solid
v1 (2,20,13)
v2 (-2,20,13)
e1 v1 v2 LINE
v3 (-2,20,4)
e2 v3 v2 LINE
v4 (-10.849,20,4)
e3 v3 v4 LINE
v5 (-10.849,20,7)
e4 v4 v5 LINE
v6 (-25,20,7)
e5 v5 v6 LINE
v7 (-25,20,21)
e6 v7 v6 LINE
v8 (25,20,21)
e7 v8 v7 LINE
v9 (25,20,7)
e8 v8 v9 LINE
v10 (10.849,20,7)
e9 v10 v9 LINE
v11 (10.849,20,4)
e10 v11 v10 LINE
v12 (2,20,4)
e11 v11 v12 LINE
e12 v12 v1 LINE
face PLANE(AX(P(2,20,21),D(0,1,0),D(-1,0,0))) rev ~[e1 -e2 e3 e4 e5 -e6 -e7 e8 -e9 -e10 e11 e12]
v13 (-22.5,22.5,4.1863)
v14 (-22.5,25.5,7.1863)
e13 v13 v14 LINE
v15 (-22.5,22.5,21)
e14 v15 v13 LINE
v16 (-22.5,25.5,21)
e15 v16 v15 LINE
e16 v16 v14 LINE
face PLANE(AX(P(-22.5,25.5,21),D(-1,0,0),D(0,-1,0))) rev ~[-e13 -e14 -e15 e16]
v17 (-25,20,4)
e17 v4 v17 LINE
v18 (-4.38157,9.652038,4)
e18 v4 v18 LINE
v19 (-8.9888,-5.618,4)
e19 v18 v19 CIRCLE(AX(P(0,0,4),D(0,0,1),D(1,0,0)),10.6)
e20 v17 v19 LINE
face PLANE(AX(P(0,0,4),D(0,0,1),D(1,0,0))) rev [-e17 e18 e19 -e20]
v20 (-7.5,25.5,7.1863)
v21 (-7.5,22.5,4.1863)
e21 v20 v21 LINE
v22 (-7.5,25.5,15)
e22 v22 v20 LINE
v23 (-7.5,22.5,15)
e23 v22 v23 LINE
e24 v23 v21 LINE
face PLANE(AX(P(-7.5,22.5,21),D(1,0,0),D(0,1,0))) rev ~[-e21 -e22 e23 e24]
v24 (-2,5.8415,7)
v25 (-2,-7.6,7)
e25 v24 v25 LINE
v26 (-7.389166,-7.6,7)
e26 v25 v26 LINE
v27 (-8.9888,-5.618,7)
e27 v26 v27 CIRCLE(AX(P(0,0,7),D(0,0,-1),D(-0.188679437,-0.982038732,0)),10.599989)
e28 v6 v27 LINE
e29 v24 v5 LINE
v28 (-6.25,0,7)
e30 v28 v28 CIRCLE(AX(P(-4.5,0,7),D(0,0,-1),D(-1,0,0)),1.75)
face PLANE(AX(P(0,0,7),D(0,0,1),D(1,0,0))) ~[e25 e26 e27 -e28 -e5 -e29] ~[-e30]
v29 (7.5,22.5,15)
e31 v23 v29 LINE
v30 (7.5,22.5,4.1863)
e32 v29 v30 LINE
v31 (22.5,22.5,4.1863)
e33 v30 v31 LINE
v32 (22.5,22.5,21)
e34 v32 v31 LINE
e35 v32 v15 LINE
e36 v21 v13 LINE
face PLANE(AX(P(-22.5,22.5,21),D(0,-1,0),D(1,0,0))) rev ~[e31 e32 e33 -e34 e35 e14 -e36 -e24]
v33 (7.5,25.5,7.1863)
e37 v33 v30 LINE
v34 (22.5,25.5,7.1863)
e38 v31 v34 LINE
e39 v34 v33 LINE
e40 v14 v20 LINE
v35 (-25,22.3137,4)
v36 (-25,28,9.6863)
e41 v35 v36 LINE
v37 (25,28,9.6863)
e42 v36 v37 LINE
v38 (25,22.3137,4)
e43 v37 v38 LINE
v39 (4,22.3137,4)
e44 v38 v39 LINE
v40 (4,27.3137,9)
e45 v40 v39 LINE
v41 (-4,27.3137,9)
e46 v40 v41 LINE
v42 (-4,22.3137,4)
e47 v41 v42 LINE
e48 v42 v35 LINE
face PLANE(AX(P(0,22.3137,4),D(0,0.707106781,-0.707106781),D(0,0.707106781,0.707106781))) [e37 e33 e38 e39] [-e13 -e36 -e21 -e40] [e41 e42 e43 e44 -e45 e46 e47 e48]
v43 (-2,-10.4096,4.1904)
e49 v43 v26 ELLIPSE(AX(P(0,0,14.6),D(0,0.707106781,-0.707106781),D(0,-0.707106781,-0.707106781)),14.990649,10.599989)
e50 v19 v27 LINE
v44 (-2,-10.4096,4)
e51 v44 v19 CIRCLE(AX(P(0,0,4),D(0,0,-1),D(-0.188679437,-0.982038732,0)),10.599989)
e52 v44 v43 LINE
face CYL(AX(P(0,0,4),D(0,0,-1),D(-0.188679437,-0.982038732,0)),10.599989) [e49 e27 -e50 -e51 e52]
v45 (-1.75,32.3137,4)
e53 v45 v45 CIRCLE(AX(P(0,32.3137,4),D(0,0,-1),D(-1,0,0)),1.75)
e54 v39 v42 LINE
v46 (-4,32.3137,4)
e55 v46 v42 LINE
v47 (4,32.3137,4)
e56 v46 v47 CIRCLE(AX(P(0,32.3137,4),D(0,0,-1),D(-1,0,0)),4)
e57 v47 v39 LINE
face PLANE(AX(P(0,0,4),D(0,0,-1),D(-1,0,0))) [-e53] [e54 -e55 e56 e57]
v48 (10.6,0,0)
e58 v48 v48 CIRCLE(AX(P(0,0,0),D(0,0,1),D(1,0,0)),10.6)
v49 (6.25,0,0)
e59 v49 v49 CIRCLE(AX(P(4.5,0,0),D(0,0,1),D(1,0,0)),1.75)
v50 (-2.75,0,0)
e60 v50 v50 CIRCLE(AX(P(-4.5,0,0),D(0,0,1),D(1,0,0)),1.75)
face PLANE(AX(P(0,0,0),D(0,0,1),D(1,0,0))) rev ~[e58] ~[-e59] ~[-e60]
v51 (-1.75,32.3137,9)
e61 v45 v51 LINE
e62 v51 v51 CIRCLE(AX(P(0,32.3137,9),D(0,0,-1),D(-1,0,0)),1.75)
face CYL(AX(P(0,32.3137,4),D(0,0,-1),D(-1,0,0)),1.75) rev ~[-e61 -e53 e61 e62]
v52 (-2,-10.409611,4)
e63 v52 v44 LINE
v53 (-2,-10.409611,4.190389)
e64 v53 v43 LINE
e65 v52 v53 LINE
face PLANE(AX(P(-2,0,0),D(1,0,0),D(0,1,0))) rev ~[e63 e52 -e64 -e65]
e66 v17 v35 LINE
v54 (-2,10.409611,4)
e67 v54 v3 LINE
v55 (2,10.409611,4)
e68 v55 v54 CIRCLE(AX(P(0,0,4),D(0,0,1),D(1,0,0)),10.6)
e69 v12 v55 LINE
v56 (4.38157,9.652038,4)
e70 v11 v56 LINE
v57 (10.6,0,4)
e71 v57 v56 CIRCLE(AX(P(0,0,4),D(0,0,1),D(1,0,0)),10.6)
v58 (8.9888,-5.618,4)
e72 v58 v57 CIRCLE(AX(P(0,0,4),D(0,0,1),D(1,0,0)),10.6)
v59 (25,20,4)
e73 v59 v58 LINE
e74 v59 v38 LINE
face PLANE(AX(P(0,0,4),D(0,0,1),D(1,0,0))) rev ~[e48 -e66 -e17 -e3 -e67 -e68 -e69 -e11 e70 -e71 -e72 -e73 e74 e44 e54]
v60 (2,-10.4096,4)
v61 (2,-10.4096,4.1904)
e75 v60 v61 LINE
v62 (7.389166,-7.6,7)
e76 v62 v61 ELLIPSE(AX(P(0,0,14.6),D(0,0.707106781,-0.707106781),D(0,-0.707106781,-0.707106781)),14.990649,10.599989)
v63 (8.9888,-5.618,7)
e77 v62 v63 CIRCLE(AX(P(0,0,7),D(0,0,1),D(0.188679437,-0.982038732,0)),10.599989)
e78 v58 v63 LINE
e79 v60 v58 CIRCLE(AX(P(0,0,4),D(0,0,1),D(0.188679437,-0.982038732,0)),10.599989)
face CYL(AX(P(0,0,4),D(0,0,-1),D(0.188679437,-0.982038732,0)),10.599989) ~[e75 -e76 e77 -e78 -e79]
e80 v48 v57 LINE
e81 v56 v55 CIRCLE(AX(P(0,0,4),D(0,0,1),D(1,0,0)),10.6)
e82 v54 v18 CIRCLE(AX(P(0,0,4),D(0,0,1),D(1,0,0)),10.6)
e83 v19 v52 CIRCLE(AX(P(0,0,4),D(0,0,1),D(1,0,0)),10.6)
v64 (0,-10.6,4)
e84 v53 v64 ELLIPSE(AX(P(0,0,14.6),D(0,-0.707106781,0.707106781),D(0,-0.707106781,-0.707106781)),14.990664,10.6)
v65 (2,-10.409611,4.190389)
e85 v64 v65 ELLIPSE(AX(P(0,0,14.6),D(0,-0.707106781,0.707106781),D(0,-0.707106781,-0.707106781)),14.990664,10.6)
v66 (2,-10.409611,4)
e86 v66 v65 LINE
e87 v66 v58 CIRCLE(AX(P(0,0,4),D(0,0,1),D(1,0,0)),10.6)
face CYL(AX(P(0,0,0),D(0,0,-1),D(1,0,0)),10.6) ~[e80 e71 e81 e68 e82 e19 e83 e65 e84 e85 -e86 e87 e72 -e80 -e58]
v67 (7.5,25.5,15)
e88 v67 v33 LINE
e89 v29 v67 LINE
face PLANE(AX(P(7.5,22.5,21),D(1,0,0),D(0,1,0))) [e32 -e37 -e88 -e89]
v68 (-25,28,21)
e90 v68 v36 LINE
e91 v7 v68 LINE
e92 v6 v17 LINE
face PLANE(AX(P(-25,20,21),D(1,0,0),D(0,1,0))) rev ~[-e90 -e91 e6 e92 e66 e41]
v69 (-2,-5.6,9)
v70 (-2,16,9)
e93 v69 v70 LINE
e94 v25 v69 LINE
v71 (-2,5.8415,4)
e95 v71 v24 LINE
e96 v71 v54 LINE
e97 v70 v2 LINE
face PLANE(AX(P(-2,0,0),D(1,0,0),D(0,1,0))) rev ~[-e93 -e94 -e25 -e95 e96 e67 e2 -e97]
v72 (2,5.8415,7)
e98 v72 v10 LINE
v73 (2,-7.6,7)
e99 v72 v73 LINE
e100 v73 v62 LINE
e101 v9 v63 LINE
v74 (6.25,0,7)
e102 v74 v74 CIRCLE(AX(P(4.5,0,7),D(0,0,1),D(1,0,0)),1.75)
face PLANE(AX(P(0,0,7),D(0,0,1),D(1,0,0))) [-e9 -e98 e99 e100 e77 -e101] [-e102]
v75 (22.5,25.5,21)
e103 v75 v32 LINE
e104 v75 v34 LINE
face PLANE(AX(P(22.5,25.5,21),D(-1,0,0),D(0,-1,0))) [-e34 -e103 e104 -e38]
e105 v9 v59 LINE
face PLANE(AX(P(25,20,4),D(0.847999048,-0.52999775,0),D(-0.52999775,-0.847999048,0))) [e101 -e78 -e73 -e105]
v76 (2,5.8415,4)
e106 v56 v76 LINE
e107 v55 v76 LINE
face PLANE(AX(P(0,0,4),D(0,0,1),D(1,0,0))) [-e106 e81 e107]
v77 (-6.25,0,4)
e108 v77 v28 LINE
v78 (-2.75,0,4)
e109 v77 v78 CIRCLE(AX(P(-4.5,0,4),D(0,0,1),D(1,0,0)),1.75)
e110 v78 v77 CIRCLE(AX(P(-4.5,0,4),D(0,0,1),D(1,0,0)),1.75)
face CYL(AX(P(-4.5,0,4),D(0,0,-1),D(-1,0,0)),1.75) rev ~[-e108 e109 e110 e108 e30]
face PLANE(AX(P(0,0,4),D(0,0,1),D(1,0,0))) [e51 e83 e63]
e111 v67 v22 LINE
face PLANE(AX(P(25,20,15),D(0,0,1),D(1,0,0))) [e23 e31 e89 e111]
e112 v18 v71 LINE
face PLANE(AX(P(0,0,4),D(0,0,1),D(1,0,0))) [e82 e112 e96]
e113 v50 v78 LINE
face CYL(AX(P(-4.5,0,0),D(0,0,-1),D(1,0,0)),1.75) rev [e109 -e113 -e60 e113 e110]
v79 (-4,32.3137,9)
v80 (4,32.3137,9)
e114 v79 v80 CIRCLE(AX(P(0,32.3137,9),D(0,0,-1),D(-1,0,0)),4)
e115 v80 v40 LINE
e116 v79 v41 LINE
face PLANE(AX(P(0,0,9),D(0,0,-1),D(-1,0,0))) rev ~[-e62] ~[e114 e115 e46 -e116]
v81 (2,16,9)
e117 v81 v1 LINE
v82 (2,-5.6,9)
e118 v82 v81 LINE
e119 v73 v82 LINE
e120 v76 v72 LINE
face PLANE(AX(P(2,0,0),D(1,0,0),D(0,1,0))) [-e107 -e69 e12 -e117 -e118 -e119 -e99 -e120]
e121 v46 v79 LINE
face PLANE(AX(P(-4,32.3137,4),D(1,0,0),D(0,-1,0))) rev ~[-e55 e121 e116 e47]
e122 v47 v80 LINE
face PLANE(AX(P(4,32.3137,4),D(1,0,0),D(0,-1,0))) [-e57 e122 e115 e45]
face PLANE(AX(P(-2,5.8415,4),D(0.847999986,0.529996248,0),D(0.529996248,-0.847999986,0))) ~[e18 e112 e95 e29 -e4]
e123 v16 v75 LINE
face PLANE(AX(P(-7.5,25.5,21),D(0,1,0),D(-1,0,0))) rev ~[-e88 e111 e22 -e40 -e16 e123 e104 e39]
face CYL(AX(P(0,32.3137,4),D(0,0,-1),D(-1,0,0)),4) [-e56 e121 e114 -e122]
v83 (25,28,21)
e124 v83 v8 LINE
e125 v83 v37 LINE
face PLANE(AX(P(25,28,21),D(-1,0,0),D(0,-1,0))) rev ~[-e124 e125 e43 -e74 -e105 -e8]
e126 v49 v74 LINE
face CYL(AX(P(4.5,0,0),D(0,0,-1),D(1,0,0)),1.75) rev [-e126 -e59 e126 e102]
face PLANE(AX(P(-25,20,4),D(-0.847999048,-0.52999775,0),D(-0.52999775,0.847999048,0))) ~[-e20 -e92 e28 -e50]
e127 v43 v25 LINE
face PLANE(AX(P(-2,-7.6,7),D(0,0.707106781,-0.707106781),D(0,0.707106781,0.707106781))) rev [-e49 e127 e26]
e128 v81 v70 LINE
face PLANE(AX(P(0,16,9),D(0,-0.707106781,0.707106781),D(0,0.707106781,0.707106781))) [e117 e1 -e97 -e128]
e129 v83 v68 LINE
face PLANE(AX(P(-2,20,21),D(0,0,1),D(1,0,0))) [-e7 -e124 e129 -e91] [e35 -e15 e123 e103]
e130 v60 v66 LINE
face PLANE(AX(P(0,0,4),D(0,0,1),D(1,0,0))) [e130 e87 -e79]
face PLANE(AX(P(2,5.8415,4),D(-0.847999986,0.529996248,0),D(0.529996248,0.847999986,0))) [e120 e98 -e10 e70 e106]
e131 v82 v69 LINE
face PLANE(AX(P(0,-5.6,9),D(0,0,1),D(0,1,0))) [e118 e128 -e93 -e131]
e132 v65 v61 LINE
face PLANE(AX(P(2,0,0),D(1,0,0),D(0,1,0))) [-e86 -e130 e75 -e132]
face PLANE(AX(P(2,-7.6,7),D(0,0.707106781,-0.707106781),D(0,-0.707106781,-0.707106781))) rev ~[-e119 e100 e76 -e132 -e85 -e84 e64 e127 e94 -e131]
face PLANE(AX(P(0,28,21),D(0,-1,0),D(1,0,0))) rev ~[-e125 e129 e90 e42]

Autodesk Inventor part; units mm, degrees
ref_plane "YZ Plane" through (0, 0, 0) normal (1, 0, 0) x (0, 1, 0)
ref_plane "XZ Plane" through (0, 0, 0) normal (0, 1, 0) x (-1, 0, 0)
ref_plane "XY Plane" through (0, 0, 0) normal (0, 0, 1) x (1, 0, 0)
sketch "Sketch1" plane through (0, 0, 0) normal (0, 0, 1) x (1, 0, 0)
  circle A0 centre (4.5, 0) radius 2.2 projected
  circle A1 centre (-4.5, 0) radius 2.2 projected
  circle A2 centre (0, 0) radius 10.6 projected
  circle A3 centre (4.5, 0) radius 1.75
  circle A4 centre (-4.5, 0) radius 1.75
  point P0 (0, 0)
  dimension "d0" = 3.5
  dimension "d1" = 3.5
extrude "Extrusion1" add sketch "Sketch1" along normal blind 4 contours A0 | A1 | A2
sketch "Sketch2" plane through (0, 0, 0) normal (1, 0, 0) x (0, 1, 0)
  line L0 (10.6, 4) -> (-10.6, 4) projected
  line L1 (-10.6, 4) -> (-5.6, 9)
  line L2 (-5.6, 9) -> (16, 9)
  line L3 (16, 9) -> (20, 13)
  line L4 (20, 13) -> (20, 21)
  line L5 (20, 21) -> (28, 21)
  line L6 (28, 21) -> (28, 4)
  line L7 (28, 4) -> (10.6, 4)
  line L8 (28, 9.6863) -> (22.3137, 4)
  line L9 (28, 9.6863) -> (36.0416, 9.6863) construction
  point P0 (0, 0)
  point P1 (0, 4)
  dimension "d4" = 135
  dimension "d5" = 5
  dimension "d6" = 45
  dimension "d7" = 8
  dimension "d8" = 8
  dimension "d9" = 4
  dimension "d10" = 8
  dimension "d11" = 20
extrude "Extrusion2" add sketch "Sketch2" along normal mid plane 4 contours L0 L1 L2 L3 L4 L5 L6 L8 L7
sketch "Sketch3" plane through (2, -10.6, 4) normal (0, 0, -1) x (-1, 0, 0)
  circle A0 centre (2, 10.6) radius 10.6 projected
  line L0 (4, 0) -> (2, 0) projected
  line L1 (2, 0) -> (0, 0) projected
  line L2 (0, 5) -> (0, 0) projected
  line L3 (4, 5) -> (0, 5) projected
  line L4 (4, 0) -> (4, 5) projected
  point P0 (2, 10.6)
  point P1 (0, 0.1904)
  point P2 (4, 0.1904)
extrude "Extrusion3" cut sketch "Sketch3" against normal through all contours A0 L1 L2 | L4 L0 A0
sketch "Sketch4" plane through (-2, 20, 21) normal (0, 0, 1) x (1, 0, 0)
  line L0 (4, 0) -> (0, 0) projected
  line L1 (4, 8) -> (4, 0) construction
  line L2 (0, 8) -> (4, 8) projected
  line L3 (0, 0) -> (0, 8) construction
  line L4 (0, 8) -> (4, 8) projected
  line L5 (2, 8) -> (2, 0)
  line L6 (0, 0) -> (4, 0) projected
  line L7 (-23, 8) -> (27, 8)
  line L8 (27, 8) -> (27, 0)
  line L9 (27, 0) -> (-23, 0)
  line L10 (-23, 0) -> (-23, 8)
  line L11 (-23, 8) -> (27, 0) construction
  line L12 (27, 8) -> (-23, 0) construction
  point P0 (2, -20)
  point P1 (2, 4)
  dimension "d16" = 50
extrude "Extrusion4" add sketch "Sketch4" against normal up to surface surface through (0, 22.3137, 4) normal (0, 0.7071, -0.7071)
sketch "Sketch5" plane through (25, 20, 21) normal (1, 0, 0) x (0, 0, -1)
  line L0 (17, -9.5904) -> (17, 0) projected
  line L1 (19.3137, 0) -> (11.3137, 8) projected
  line L2 (0, 8) -> (11.3137, 8) projected
  line L3 (0, 0) -> (0, 8) projected
  line L4 (0, 0) -> (19.3137, 0) projected
  line L5 (17, 0) -> (17, 2.3137)
  line L6 (11.3137, 8) -> (19.3137, 0) projected
  point P0 (21, -20)
extrude "Extrusion5" cut sketch "Sketch5" against normal through all contours L4 L5 L1
sketch "Sketch6" plane through (25, 20, 21) normal (0, 0, 1) x (1, 0, 0)
  line L0 (0, 0) -> (-50, 0) projected
  line L1 (0, 0) -> (0, 8) projected
  line L2 (-50, 8) -> (0, 8) projected
  line L3 (-50, 8) -> (-50, 0) projected
  line L4 (0, 0) -> (0, 8) projected
  line L5 (0, 4) -> (-50, 4) construction
  line L6 (-50, 8) -> (-50, 0) projected
  line L7 (-50, 8) -> (0, 8) projected
  line L8 (-25, 8) -> (-25, 0) construction
  line L9 (-27, 0) -> (-23, 0) projected
  line L10 (-17.5, 5.5) -> (-2.5, 5.5)
  line L11 (-2.5, 5.5) -> (-2.5, 2.5)
  line L12 (-2.5, 2.5) -> (-17.5, 2.5)
  line L13 (-17.5, 2.5) -> (-17.5, 5.5)
  line L14 (-17.5, 5.5) -> (-2.5, 2.5) construction
  line L15 (-2.5, 5.5) -> (-17.5, 2.5) construction
  line L16 (-32.5, 5.5) -> (-47.5, 5.5)
  line L17 (-47.5, 5.5) -> (-47.5, 2.5)
  line L18 (-47.5, 2.5) -> (-32.5, 2.5)
  line L19 (-32.5, 2.5) -> (-32.5, 5.5)
  point P0 (-25, -20)
  point P1 (-10, 4)
  dimension "d21" = 15
  dimension "d22" = 3
  dimension "d23" = 2.5
extrude "Extrusion6" cut sketch "Sketch6" against normal through all contours L10 L11 L12 L13 | L19 L18 L17 L16
sketch "Sketch7" plane through (25, 20, 21) normal (0, 0, 1) x (1, 0, 0)
  line L0 (-17.5, 2.5) -> (-17.5, 5.5) projected
  line L1 (-32.5, 5.5) -> (-32.5, 2.5) projected
  line L2 (-17.5, 5.5) -> (-32.5, 5.5)
  line L3 (-32.5, 5.5) -> (-32.5, 2.5)
  line L4 (-32.5, 2.5) -> (-17.5, 2.5)
  line L5 (-17.5, 2.5) -> (-17.5, 5.5)
  point P0 (-25, -20)
extrude "Extrusion7" cut sketch "Sketch7" against normal blind 6
sketch "Sketch8" plane through (0, 0, 4) normal (0, 0, 1) x (1, 0, 0)
  circle A0 centre (4.5, 0) radius 1.75 projected
  line L0 (2, 10.4096) -> (2, -10.4096) projected
  line L1 (2, 20) -> (25, 20) projected
  line L2 (25, 20) -> (8.9888, -5.618)
  arc A1 (2, -10.4096) -> (2, 10.4096) centre (0, 0) ccw projected
  line L3 (2, 5.8415) -> (10.849, 20)
  arc A2 (-2, -10.4096) -> (2, -10.4096) centre (0, 0) ccw projected
  line L4 (0, -10.6) -> (0, 30.6147)
  line L5 (-25, 20) -> (-8.9888, -5.618)
  line L6 (-2, 5.8415) -> (-10.849, 20)
  arc A3 (-2, 10.4096) -> (-2, -10.4096) centre (0, 0) ccw projected
  line L7 (-13.7579, -10.035) -> (-3.7579, -10.035) projected
  line L8 (-25, 20) -> (-2, 20) projected
  point P0 (0, 0)
  dimension "d29" = 12
extrude "Extrusion8" add sketch "Sketch8" along normal blind 3 contours L3 A1 L0 | L3 L1 L2 A1 picked at (5.0326, 4.687)
sketch "Sketch9" plane through (2, -10.4096, 7) normal (-1, 0, 0) x (0, 0, 1)
  line L0 (0, 2.8096) -> (-2.8096, 0) projected
  line L1 (-2.8096, 0) -> (0, 0) projected
  line L2 (0, 2.8096) -> (0, 0) projected
  point P0 (-7, 10.4096)
extrude "Extrusion9" cut sketch "Sketch9" against normal through all
mirror "Mirror1" about plane through (0, 0, 0) normal (1, 0, 0) of "Extrusion8", "Extrusion9"
sketch "Sketch10" plane through (0, 0, 4) normal (0, 0, -1) x (-1, 0, 0)
  circle A0 centre (0, 32.3137) radius 1.75
  circle A1 centre (0, 32.3137) radius 4
  line L0 (-4, 32.3137) -> (-4, 22.3137)
  line L1 (-25, 22.3137) -> (25, 22.3137) projected
  line L2 (0, 22.3137) -> (0, 32.3137) construction
  line L3 (4, 32.3137) -> (4, 22.3137)
  point P0 (0, 0)
  dimension "d36" = 8
  dimension "d34" = 3.5
  dimension "d35" = 10
extrude "Extrusion10" add sketch "Sketch10" against normal blind 5
properties part number "Lazercutlink"
